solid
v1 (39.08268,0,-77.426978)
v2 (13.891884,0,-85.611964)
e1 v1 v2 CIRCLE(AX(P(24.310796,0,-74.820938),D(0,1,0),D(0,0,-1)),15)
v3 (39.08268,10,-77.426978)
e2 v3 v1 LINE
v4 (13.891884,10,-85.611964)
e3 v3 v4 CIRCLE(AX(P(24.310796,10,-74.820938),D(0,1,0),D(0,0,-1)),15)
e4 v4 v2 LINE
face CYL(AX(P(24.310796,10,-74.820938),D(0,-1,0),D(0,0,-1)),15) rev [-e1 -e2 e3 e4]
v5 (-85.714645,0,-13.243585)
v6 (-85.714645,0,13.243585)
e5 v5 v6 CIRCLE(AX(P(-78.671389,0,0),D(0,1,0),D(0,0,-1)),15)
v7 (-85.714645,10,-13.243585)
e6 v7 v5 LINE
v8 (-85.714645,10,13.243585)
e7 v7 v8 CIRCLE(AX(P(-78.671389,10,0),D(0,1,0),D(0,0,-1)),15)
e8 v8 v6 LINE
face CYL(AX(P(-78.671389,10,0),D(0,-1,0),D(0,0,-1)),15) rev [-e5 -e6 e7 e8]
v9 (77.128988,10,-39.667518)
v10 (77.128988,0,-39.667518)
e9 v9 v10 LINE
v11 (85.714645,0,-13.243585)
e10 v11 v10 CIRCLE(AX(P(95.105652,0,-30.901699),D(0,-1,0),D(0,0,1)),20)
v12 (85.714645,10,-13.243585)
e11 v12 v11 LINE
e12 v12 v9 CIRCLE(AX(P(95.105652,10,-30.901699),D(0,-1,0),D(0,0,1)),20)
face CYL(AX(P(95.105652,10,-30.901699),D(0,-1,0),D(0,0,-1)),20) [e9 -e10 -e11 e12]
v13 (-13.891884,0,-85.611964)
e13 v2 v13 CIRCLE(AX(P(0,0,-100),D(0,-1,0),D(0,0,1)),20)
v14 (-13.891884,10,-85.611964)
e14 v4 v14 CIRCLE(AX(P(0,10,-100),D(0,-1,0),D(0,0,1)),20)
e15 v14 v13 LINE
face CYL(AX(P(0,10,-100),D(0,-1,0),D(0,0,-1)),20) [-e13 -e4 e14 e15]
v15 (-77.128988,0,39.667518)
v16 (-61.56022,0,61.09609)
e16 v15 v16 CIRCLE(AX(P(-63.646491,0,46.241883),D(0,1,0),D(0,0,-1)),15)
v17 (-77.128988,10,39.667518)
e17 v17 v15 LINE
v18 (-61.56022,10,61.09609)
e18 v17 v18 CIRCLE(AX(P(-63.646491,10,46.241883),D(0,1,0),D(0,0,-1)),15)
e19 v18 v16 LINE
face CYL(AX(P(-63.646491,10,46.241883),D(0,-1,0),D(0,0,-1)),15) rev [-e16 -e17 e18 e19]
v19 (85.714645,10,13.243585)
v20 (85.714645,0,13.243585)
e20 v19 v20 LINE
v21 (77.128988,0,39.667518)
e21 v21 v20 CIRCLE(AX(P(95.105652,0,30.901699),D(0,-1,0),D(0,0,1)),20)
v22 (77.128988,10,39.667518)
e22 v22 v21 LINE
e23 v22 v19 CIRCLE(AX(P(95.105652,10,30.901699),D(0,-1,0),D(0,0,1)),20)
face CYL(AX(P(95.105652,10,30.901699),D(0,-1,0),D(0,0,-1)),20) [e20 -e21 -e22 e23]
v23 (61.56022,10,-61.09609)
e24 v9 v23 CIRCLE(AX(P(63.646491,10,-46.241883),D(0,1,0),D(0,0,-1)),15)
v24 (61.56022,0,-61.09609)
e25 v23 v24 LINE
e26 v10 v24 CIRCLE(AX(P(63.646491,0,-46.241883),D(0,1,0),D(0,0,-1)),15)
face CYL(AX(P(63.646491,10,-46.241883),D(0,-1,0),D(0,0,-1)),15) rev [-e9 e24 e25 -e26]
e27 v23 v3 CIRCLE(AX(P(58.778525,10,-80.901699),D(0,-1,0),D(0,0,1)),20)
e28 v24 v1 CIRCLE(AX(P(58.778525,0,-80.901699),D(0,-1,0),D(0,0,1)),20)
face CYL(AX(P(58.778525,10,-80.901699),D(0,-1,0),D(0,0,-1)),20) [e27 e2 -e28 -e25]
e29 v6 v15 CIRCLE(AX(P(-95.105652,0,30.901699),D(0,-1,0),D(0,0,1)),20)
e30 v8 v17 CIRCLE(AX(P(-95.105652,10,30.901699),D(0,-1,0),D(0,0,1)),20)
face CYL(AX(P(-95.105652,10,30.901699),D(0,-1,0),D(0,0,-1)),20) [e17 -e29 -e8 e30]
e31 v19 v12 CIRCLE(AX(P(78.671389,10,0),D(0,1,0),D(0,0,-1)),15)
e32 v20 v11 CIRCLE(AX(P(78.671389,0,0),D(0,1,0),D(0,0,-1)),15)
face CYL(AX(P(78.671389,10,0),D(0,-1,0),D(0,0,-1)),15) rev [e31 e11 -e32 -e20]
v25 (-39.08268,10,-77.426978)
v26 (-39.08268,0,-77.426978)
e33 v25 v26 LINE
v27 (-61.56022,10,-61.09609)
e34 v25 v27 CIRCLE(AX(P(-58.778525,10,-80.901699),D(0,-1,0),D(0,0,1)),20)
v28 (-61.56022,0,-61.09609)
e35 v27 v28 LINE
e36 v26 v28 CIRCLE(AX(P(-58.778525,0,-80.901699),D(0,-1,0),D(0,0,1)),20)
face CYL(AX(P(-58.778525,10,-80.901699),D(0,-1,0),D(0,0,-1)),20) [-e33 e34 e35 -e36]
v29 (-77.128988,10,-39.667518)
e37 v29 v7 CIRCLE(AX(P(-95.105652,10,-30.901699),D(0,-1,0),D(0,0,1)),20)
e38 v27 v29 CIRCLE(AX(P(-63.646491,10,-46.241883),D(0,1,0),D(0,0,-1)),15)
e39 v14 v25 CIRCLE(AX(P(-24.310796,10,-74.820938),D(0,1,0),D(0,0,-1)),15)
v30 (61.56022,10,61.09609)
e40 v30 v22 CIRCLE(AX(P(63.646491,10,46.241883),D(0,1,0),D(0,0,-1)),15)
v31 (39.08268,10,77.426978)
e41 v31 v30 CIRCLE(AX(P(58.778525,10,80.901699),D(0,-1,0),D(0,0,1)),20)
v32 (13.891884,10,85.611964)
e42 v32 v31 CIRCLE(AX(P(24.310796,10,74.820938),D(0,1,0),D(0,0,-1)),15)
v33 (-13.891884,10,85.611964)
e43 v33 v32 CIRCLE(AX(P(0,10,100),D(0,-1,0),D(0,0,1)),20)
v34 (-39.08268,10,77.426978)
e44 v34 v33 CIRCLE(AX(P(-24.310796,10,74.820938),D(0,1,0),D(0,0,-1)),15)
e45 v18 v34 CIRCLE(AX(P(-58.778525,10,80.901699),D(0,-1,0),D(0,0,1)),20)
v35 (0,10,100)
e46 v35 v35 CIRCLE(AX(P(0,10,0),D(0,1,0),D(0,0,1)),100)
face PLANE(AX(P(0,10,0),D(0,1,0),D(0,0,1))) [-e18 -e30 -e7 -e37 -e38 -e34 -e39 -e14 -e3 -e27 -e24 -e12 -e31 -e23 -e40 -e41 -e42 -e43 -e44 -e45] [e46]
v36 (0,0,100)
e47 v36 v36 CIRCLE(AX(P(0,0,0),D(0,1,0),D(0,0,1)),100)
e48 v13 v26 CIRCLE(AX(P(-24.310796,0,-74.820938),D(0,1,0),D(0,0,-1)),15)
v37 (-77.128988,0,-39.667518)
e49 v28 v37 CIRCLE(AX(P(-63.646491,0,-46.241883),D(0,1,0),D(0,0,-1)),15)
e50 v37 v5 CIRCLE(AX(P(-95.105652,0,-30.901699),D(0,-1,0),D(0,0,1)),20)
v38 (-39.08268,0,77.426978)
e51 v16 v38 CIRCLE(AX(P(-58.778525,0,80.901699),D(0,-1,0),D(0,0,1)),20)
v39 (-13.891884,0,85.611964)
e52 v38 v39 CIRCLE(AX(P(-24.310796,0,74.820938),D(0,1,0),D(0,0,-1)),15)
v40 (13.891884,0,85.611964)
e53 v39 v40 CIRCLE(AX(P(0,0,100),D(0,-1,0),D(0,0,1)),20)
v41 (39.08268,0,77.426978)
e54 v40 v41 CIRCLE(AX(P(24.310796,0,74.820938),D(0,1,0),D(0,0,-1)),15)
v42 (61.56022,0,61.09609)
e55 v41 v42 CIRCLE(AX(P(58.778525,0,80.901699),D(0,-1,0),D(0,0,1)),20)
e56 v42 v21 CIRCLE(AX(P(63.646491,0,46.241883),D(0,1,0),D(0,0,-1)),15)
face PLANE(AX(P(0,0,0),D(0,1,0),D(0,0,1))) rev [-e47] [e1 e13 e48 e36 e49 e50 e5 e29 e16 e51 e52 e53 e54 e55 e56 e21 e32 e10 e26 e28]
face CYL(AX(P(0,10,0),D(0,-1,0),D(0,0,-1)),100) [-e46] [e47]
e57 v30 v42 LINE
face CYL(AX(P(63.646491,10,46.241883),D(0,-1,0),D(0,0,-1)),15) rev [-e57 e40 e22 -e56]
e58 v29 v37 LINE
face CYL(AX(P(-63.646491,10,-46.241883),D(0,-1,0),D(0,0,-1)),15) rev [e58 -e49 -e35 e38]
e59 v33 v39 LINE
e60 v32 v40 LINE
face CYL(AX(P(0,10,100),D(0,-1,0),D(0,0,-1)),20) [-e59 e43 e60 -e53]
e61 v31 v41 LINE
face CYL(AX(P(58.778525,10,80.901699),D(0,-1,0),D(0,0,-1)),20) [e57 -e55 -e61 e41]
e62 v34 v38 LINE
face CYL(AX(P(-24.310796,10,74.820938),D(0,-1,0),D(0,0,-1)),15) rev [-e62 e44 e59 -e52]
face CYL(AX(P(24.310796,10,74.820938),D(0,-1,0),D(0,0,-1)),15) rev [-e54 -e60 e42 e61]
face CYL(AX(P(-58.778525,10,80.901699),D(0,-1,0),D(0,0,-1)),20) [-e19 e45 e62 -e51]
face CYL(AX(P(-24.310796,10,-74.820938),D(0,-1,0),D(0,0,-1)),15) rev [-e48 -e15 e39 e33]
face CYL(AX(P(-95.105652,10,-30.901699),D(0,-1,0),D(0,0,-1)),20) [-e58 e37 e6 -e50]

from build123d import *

# Parameters (mm, degrees)
SKETCH1_R           = 100
BOSS_EXTRUDE1_DEPTH = 10


with BuildPart() as part:
    # Sketch1 → Boss-Extrude1 (new body)
    with BuildSketch(Plane(origin=(0, 0, 0), x_dir=(1, 0, 0), z_dir=(0, 1, 0))):
        with Locations(Location((0, 0, 0), (0, 0, 270))):
            Circle(SKETCH1_R)
        with BuildLine():
            ThreePointArc((-13.891883614, 85.611964358), (0, 80), (13.891883614, 85.611964358))
            ThreePointArc((13.891883614, 85.611964358), (28.946051241, 89.086785371), (39.082680141, 77.426978402))
            ThreePointArc((39.082680141, 77.426978402), (47.022820183, 64.72135955), (61.560219997, 61.096089772))
            ThreePointArc((61.560219997, 61.096089772), (75.781745989, 55.058661307), (77.128988455, 39.667518344))
            ThreePointArc((77.128988455, 39.667518344), (76.084521304, 24.72135955), (85.714644696, 13.243585473))
            ThreePointArc((85.714644696, 13.243585473), (93.671389496, 0), (85.714644696, -13.243585473))
            ThreePointArc((85.714644696, -13.243585473), (76.084521304, -24.72135955), (77.128988455, -39.667518344))
            ThreePointArc((77.128988455, -39.667518344), (75.781745989, -55.058661307), (61.560219997, -61.096089772))
            ThreePointArc((61.560219997, -61.096089772), (47.022820183, -64.72135955), (39.082680141, -77.426978402))
            ThreePointArc((39.082680141, -77.426978402), (28.946051241, -89.086785371), (13.891883614, -85.611964358))
            ThreePointArc((13.891883614, -85.611964358), (0, -80), (-13.891883614, -85.611964358))
            ThreePointArc((-13.891883614, -85.611964358), (-28.946051241, -89.086785371), (-39.082680141, -77.426978402))
            ThreePointArc((-39.082680141, -77.426978402), (-47.022820183, -64.72135955), (-61.560219997, -61.096089772))
            ThreePointArc((-61.560219997, -61.096089772), (-75.781745989, -55.058661307), (-77.128988455, -39.667518344))
            ThreePointArc((-77.128988455, -39.667518344), (-76.084521304, -24.72135955), (-85.714644696, -13.243585473))
            ThreePointArc((-85.714644696, -13.243585473), (-93.671389496, 0), (-85.714644696, 13.243585473))
            ThreePointArc((-85.714644696, 13.243585473), (-76.084521304, 24.72135955), (-77.128988455, 39.667518344))
            ThreePointArc((-77.128988455, 39.667518344), (-75.781745989, 55.058661307), (-61.560219997, 61.096089772))
            ThreePointArc((-61.560219997, 61.096089772), (-47.022820183, 64.72135955), (-39.082680141, 77.426978402))
            ThreePointArc((-39.082680141, 77.426978402), (-28.946051241, 89.086785371), (-13.891883614, 85.611964358))
        make_face(mode=Mode.SUBTRACT)
    extrude(amount=BOSS_EXTRUDE1_DEPTH)


solid = part.part
